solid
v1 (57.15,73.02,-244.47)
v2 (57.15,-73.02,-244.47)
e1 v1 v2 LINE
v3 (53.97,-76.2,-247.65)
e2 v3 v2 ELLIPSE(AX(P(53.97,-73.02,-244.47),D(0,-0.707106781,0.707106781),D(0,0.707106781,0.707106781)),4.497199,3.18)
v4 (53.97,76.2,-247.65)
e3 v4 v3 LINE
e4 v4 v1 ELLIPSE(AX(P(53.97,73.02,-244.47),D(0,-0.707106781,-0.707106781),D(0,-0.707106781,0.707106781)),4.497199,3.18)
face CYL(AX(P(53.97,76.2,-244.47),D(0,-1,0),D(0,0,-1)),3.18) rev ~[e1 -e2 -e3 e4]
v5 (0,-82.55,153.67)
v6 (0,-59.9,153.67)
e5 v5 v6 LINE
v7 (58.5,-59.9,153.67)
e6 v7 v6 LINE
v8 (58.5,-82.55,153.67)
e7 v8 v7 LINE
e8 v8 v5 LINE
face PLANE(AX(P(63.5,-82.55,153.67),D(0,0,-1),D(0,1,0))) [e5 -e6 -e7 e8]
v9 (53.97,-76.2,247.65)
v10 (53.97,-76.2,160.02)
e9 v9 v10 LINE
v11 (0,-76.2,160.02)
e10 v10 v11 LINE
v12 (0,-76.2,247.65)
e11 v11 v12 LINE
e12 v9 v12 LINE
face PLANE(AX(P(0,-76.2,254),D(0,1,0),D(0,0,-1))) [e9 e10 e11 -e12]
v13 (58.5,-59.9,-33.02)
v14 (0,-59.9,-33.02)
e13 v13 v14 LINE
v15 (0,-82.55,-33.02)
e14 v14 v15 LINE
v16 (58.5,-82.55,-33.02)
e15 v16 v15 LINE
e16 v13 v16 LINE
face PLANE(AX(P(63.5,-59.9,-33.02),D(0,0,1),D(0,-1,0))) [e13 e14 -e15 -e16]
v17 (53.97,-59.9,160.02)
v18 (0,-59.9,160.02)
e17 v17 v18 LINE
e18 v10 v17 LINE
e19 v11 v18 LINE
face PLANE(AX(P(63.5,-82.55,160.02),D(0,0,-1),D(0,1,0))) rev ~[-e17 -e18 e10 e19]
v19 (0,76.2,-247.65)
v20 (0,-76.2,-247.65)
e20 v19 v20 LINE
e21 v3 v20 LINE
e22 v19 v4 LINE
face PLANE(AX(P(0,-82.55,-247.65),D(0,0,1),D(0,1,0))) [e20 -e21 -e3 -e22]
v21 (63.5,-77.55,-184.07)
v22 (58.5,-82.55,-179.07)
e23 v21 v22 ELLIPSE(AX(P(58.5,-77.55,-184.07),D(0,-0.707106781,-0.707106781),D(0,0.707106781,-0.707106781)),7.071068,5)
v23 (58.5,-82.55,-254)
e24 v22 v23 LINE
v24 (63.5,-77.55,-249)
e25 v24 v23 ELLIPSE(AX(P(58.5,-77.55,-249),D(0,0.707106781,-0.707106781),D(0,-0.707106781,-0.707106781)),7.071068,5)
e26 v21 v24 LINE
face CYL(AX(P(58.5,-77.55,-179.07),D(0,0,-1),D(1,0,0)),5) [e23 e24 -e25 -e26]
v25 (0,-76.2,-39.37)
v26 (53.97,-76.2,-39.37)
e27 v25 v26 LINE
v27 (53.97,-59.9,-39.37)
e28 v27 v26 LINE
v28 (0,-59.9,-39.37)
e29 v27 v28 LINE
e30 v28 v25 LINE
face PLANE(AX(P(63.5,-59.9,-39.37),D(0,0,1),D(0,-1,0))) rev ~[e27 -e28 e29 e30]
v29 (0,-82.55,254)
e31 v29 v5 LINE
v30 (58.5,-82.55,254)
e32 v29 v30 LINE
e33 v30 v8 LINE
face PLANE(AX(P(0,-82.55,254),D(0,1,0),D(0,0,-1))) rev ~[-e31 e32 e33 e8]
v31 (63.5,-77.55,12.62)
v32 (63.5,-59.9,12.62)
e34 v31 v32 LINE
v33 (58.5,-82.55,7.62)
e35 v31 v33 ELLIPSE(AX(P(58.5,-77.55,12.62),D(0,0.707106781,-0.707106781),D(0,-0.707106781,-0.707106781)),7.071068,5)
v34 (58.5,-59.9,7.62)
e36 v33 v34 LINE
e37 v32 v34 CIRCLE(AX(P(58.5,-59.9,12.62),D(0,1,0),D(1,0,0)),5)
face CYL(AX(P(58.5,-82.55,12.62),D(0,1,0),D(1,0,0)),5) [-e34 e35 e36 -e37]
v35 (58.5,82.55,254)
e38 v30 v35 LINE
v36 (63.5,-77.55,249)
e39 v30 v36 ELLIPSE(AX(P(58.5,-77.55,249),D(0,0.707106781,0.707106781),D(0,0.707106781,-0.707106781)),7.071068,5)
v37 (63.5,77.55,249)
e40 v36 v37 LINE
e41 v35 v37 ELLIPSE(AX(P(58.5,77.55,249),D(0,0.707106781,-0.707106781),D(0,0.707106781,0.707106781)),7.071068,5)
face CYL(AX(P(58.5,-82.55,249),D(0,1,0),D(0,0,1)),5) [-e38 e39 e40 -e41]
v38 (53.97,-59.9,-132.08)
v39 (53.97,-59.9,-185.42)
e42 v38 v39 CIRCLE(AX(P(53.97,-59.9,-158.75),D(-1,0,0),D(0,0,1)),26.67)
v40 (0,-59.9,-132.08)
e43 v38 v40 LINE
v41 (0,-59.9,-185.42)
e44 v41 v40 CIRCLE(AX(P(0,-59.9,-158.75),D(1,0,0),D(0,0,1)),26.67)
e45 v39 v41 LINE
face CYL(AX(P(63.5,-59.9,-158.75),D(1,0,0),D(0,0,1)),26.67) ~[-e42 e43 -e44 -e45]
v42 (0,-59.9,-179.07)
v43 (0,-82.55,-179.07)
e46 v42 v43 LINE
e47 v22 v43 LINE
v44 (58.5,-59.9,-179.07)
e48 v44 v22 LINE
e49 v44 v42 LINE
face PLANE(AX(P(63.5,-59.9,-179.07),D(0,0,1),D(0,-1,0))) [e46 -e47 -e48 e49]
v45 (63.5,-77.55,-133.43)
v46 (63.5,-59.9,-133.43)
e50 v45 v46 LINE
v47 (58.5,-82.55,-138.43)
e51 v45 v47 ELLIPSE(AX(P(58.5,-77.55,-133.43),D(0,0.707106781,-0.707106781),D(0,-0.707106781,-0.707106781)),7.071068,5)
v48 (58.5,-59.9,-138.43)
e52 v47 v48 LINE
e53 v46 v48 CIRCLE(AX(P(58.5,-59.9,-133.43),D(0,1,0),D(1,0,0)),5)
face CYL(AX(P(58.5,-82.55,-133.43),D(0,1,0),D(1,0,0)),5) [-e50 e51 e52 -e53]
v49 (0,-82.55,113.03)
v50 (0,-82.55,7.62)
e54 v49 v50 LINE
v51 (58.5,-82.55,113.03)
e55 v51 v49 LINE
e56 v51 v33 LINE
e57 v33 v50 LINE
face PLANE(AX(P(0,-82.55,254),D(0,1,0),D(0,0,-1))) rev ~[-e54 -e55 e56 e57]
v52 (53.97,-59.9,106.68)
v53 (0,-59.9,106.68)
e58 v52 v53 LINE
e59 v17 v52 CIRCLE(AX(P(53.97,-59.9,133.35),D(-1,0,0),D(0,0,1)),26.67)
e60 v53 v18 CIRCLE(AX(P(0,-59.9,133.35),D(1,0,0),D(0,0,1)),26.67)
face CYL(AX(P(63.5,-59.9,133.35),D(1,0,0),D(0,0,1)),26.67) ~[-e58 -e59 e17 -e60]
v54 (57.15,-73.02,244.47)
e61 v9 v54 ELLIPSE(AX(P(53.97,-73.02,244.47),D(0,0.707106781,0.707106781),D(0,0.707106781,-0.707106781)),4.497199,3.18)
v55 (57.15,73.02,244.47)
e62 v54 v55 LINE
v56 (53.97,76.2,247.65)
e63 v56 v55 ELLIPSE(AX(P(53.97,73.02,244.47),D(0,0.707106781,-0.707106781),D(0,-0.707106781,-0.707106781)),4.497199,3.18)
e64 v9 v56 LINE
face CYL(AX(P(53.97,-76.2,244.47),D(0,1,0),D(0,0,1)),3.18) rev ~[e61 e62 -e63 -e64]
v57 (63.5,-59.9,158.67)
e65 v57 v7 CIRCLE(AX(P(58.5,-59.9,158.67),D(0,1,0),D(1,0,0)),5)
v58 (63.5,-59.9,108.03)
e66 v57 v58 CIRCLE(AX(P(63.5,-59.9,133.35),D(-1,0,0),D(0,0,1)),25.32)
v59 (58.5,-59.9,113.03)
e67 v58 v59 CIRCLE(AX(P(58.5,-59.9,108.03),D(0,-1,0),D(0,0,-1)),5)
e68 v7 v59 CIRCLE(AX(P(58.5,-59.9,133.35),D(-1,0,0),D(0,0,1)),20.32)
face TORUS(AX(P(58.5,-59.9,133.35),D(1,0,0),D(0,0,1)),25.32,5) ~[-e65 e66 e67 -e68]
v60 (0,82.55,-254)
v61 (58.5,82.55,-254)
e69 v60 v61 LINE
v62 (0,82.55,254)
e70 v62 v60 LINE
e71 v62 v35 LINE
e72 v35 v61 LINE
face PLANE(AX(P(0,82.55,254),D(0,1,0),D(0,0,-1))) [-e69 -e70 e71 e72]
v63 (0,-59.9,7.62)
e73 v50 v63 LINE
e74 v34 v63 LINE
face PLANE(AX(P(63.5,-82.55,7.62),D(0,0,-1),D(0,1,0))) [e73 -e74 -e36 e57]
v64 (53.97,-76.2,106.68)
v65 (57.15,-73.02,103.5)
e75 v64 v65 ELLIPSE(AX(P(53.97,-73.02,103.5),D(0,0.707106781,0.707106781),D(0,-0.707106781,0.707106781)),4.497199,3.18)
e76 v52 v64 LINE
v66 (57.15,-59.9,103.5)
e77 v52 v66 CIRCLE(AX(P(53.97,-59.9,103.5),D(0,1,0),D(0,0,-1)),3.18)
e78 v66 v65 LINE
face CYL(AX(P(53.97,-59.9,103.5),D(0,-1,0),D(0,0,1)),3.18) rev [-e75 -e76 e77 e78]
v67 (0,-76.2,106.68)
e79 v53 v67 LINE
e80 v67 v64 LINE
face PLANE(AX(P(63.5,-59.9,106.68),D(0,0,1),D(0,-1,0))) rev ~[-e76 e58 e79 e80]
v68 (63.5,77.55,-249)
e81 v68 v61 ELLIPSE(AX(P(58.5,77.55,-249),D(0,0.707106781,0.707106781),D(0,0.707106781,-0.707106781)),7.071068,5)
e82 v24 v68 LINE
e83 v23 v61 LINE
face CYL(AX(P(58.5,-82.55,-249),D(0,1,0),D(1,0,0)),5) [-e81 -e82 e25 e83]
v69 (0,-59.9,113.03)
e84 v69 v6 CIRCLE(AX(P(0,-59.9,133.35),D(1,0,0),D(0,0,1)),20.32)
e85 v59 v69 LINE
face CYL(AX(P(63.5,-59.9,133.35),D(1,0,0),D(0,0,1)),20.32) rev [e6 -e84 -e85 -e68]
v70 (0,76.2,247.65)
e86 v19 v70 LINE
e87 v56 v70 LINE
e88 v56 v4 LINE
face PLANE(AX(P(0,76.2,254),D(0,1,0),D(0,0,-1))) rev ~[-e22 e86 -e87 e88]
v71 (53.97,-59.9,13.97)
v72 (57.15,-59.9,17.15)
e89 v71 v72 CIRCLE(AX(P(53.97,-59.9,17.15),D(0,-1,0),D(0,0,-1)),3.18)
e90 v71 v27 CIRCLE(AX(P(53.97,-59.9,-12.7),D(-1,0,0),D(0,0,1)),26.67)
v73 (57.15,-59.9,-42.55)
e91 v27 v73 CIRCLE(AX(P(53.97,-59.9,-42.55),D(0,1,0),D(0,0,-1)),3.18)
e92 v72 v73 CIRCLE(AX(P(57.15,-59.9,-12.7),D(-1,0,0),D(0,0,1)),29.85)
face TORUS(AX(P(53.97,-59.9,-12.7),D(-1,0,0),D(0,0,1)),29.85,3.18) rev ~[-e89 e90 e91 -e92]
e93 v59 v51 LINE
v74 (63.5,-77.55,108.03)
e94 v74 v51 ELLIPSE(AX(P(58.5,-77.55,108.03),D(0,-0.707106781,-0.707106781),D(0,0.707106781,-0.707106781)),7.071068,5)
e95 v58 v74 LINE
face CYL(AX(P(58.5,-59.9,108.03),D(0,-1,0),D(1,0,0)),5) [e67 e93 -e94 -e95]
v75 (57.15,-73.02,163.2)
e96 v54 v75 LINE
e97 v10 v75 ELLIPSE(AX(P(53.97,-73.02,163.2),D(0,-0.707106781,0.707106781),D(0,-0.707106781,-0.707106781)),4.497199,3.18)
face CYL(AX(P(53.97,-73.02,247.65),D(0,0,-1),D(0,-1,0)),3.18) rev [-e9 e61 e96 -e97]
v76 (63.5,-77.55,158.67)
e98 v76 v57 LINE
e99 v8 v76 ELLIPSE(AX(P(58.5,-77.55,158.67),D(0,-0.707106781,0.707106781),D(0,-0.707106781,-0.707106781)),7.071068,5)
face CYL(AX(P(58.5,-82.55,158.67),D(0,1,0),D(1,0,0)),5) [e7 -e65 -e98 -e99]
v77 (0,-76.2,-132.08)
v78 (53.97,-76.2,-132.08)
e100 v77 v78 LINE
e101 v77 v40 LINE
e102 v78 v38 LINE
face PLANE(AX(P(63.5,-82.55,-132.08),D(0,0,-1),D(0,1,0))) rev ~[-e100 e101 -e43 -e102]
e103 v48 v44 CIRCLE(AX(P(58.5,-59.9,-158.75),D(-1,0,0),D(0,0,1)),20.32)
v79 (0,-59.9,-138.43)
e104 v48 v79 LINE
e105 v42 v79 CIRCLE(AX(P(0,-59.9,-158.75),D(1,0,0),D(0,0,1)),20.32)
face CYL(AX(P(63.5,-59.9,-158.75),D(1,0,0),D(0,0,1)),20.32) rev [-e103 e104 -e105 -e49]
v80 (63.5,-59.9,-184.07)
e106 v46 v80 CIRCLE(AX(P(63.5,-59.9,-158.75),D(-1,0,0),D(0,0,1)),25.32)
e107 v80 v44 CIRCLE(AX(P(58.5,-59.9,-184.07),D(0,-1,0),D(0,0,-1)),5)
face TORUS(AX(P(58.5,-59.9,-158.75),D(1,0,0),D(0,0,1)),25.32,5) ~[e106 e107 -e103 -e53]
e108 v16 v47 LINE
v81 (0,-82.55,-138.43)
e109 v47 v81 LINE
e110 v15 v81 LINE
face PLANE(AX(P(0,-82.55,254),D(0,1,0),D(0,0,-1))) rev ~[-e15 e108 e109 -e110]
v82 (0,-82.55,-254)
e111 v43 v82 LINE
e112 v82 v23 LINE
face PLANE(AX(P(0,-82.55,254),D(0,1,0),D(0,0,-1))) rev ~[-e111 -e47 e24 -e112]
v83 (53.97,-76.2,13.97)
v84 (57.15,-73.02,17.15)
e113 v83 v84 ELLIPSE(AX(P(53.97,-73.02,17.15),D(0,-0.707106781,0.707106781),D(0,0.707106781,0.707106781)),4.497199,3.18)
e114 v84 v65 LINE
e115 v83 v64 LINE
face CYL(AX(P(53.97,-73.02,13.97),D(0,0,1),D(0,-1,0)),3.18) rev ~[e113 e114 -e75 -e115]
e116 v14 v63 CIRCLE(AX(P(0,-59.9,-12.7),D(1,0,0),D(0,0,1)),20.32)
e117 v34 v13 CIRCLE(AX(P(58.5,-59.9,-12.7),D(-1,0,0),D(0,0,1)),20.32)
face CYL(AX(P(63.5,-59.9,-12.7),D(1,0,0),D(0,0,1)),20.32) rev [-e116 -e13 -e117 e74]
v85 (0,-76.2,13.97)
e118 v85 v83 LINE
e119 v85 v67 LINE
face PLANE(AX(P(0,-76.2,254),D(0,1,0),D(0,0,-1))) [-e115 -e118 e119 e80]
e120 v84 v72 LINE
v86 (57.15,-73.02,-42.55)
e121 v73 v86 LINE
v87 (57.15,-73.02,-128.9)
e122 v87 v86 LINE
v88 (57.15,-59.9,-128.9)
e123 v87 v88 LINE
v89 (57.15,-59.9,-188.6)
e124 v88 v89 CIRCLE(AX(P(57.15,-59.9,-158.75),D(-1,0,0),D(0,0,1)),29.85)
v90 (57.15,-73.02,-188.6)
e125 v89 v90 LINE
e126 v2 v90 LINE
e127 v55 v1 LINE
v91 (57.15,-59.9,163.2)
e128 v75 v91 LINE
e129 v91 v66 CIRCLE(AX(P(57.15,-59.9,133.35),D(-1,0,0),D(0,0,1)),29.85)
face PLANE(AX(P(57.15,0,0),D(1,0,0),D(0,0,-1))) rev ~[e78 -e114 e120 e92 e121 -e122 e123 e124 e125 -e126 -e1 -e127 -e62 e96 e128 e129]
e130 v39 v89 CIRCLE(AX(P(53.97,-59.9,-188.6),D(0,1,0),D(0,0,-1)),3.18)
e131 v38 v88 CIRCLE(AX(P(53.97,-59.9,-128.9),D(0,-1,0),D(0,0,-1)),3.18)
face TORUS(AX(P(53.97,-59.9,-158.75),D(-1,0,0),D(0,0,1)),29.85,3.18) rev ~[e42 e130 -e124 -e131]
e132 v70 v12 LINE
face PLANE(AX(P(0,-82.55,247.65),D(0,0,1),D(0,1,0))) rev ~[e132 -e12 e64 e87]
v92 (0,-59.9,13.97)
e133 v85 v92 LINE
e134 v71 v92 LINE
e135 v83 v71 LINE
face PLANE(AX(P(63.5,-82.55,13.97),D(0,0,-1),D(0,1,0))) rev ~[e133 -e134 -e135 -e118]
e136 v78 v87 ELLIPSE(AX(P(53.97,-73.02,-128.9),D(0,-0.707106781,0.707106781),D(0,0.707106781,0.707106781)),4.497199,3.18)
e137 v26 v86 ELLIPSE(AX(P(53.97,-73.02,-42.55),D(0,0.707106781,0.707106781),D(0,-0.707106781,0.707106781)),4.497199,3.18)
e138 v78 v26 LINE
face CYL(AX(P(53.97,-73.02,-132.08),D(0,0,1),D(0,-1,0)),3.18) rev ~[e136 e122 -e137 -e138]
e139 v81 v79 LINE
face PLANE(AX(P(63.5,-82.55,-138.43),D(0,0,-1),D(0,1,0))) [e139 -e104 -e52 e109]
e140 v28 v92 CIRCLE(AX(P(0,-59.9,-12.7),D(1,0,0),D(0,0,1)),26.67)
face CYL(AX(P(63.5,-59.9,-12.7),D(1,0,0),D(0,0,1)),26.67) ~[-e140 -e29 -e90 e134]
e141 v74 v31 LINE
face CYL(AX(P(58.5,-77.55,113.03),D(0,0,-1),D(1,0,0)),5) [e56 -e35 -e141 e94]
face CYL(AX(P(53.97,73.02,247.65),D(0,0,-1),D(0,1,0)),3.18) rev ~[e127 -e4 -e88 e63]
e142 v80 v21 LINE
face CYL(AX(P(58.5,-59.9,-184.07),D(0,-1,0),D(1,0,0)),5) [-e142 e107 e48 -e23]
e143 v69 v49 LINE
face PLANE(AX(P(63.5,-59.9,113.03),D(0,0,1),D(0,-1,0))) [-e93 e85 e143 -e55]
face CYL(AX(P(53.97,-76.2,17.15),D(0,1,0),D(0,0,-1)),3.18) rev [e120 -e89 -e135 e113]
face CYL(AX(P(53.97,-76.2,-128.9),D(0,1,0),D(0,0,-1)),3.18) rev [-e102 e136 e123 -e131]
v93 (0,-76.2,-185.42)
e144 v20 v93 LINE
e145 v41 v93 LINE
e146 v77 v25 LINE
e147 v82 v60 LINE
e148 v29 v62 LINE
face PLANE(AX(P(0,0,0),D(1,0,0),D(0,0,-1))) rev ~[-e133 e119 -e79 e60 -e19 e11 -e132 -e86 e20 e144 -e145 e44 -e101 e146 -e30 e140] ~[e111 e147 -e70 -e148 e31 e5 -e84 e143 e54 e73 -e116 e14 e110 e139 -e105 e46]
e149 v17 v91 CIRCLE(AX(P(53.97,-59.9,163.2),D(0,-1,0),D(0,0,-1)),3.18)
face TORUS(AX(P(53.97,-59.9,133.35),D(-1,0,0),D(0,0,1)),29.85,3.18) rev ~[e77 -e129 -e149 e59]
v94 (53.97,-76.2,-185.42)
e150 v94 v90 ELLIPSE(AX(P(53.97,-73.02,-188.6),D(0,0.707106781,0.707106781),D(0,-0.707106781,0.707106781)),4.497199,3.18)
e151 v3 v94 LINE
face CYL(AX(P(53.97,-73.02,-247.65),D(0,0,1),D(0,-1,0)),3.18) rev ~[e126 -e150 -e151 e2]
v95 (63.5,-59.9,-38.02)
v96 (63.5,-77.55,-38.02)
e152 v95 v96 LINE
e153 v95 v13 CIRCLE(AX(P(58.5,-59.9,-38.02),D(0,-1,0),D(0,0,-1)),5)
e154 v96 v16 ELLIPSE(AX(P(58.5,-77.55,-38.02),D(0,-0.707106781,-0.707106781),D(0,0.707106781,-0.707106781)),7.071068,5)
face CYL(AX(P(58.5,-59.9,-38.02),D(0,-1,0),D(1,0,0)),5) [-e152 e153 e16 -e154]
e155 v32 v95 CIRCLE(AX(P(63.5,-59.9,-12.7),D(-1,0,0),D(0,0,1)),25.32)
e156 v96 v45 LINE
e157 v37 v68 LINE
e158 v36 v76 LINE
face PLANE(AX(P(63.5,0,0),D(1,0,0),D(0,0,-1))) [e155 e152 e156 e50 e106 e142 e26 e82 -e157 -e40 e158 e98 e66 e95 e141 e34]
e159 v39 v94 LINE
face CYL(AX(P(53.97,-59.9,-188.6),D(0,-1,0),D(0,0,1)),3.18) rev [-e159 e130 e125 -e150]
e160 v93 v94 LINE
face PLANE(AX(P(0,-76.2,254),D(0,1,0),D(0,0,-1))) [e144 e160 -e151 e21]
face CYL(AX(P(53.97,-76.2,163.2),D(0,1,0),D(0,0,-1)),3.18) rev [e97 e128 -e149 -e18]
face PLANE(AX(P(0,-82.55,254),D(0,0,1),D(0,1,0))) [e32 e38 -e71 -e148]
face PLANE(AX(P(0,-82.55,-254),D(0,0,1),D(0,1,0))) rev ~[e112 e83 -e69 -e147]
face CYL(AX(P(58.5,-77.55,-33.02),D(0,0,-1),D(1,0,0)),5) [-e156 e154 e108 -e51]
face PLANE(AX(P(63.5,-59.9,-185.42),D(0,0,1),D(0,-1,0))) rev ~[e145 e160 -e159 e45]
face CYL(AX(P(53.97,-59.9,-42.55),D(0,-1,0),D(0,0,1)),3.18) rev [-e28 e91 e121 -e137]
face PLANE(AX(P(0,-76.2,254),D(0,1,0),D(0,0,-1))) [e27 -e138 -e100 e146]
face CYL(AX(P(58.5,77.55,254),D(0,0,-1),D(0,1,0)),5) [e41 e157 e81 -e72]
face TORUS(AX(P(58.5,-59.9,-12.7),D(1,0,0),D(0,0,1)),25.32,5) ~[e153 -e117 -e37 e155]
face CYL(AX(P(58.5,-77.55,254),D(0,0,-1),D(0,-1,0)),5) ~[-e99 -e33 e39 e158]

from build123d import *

# Parameters (mm, degrees)
SKETCH1_W           = 508
SKETCH1_H           = 165.1
BOSS_EXTRUDE2_DEPTH = 63.5
CUT_EXTRUDE2_DEPTH  = 275.522772279
SHELL1_T            = -6.35
FILLET1_R           = 5
FILLET2_R           = 3.18


with BuildPart() as part:
    # Sketch1 → Boss-Extrude2 (new body)
    with BuildSketch(Plane(origin=(0, 0, 0), x_dir=(0, 0, -1), z_dir=(1, 0, 0))):
        Rectangle(SKETCH1_W, SKETCH1_H)
    extrude(amount=BOSS_EXTRUDE2_DEPTH)

    # Sketch14 → Cut-Extrude2 (cut, through all)
    with BuildSketch(Plane(origin=(63.5, 0, 0), x_dir=(0, 0, -1), z_dir=(1, 0, 0))):
        with BuildLine():
            Line((-153.67, -82.55), (-153.67, -59.9))
            ThreePointArc((-153.67, -59.9), (-133.35, -39.58), (-113.03, -59.9))
            Line((-113.03, -59.9), (-113.03, -82.55))
            ThreePointArc((-113.03, -82.55), (-133.35, -102.87), (-153.67, -82.55))
        make_face()
        with BuildLine():
            Line((-7.62, -82.55), (-7.62, -59.9))
            ThreePointArc((-7.62, -59.9), (12.7, -39.58), (33.02, -59.9))
            Line((33.02, -59.9), (33.02, -82.55))
            ThreePointArc((33.02, -82.55), (12.7, -102.87), (-7.62, -82.55))
        make_face()
        with BuildLine():
            Line((138.43, -82.55), (138.43, -59.9))
            ThreePointArc((138.43, -59.9), (158.75, -39.58), (179.07, -59.9))
            Line((179.07, -59.9), (179.07, -82.55))
            ThreePointArc((179.07, -82.55), (158.75, -102.87), (138.43, -82.55))
        make_face()
    extrude(amount=-CUT_EXTRUDE2_DEPTH, mode=Mode.SUBTRACT)

    # Shell1
    shell1_openings = [part.faces().sort_by_distance(p)[0] for p in [
        (0, 3.74487295, 0.755170832),
    ]]
    offset(amount=SHELL1_T, openings=shell1_openings, kind=Kind.INTERSECTION)

    # Fillet1
    fillet1_edges = [part.edges().sort_by_distance(p)[0] for p in [
        (63.5, 0, 254),
        (63.5, -82.55, 203.835),
        (63.5, -82.55, 60.325),
        (63.5, -82.55, -85.725),
        (63.5, -82.55, -216.535),
        (63.5, -71.225, 153.67),
        (63.5, -71.225, 113.03),
        (63.5, -39.58, 133.35),
        (63.5, -71.225, 7.62),
        (63.5, -71.225, -33.02),
        (63.5, -39.58, -12.7),
        (63.5, -71.225, -138.43),
        (63.5, -71.225, -179.07),
        (63.5, -39.58, -158.75),
        (63.5, 0, -254),
        (63.5, 82.55, 0),
    ]]
    fillet(fillet1_edges, radius=FILLET1_R)

    # Fillet2
    fillet2_edges = [part.edges().sort_by_distance(p)[0] for p in [
        (57.15, -76.2, 60.325),
        (57.15, -76.2, -85.725),
        (57.15, -76.2, -216.535),
        (57.15, 0, -247.65),
        (57.15, 76.2, 0),
        (57.15, 0, 247.65),
        (57.15, -76.2, 203.835),
        (57.15, -68.05, -132.08),
        (57.15, -33.23, -158.75),
        (57.15, -68.05, -185.42),
        (57.15, -68.05, 13.97),
        (57.15, -33.23, -12.7),
        (57.15, -68.05, -39.37),
        (57.15, -68.05, 160.02),
        (57.15, -33.23, 133.35),
        (57.15, -68.05, 106.68),
    ]]
    fillet(fillet2_edges, radius=FILLET2_R)


solid = part.part
